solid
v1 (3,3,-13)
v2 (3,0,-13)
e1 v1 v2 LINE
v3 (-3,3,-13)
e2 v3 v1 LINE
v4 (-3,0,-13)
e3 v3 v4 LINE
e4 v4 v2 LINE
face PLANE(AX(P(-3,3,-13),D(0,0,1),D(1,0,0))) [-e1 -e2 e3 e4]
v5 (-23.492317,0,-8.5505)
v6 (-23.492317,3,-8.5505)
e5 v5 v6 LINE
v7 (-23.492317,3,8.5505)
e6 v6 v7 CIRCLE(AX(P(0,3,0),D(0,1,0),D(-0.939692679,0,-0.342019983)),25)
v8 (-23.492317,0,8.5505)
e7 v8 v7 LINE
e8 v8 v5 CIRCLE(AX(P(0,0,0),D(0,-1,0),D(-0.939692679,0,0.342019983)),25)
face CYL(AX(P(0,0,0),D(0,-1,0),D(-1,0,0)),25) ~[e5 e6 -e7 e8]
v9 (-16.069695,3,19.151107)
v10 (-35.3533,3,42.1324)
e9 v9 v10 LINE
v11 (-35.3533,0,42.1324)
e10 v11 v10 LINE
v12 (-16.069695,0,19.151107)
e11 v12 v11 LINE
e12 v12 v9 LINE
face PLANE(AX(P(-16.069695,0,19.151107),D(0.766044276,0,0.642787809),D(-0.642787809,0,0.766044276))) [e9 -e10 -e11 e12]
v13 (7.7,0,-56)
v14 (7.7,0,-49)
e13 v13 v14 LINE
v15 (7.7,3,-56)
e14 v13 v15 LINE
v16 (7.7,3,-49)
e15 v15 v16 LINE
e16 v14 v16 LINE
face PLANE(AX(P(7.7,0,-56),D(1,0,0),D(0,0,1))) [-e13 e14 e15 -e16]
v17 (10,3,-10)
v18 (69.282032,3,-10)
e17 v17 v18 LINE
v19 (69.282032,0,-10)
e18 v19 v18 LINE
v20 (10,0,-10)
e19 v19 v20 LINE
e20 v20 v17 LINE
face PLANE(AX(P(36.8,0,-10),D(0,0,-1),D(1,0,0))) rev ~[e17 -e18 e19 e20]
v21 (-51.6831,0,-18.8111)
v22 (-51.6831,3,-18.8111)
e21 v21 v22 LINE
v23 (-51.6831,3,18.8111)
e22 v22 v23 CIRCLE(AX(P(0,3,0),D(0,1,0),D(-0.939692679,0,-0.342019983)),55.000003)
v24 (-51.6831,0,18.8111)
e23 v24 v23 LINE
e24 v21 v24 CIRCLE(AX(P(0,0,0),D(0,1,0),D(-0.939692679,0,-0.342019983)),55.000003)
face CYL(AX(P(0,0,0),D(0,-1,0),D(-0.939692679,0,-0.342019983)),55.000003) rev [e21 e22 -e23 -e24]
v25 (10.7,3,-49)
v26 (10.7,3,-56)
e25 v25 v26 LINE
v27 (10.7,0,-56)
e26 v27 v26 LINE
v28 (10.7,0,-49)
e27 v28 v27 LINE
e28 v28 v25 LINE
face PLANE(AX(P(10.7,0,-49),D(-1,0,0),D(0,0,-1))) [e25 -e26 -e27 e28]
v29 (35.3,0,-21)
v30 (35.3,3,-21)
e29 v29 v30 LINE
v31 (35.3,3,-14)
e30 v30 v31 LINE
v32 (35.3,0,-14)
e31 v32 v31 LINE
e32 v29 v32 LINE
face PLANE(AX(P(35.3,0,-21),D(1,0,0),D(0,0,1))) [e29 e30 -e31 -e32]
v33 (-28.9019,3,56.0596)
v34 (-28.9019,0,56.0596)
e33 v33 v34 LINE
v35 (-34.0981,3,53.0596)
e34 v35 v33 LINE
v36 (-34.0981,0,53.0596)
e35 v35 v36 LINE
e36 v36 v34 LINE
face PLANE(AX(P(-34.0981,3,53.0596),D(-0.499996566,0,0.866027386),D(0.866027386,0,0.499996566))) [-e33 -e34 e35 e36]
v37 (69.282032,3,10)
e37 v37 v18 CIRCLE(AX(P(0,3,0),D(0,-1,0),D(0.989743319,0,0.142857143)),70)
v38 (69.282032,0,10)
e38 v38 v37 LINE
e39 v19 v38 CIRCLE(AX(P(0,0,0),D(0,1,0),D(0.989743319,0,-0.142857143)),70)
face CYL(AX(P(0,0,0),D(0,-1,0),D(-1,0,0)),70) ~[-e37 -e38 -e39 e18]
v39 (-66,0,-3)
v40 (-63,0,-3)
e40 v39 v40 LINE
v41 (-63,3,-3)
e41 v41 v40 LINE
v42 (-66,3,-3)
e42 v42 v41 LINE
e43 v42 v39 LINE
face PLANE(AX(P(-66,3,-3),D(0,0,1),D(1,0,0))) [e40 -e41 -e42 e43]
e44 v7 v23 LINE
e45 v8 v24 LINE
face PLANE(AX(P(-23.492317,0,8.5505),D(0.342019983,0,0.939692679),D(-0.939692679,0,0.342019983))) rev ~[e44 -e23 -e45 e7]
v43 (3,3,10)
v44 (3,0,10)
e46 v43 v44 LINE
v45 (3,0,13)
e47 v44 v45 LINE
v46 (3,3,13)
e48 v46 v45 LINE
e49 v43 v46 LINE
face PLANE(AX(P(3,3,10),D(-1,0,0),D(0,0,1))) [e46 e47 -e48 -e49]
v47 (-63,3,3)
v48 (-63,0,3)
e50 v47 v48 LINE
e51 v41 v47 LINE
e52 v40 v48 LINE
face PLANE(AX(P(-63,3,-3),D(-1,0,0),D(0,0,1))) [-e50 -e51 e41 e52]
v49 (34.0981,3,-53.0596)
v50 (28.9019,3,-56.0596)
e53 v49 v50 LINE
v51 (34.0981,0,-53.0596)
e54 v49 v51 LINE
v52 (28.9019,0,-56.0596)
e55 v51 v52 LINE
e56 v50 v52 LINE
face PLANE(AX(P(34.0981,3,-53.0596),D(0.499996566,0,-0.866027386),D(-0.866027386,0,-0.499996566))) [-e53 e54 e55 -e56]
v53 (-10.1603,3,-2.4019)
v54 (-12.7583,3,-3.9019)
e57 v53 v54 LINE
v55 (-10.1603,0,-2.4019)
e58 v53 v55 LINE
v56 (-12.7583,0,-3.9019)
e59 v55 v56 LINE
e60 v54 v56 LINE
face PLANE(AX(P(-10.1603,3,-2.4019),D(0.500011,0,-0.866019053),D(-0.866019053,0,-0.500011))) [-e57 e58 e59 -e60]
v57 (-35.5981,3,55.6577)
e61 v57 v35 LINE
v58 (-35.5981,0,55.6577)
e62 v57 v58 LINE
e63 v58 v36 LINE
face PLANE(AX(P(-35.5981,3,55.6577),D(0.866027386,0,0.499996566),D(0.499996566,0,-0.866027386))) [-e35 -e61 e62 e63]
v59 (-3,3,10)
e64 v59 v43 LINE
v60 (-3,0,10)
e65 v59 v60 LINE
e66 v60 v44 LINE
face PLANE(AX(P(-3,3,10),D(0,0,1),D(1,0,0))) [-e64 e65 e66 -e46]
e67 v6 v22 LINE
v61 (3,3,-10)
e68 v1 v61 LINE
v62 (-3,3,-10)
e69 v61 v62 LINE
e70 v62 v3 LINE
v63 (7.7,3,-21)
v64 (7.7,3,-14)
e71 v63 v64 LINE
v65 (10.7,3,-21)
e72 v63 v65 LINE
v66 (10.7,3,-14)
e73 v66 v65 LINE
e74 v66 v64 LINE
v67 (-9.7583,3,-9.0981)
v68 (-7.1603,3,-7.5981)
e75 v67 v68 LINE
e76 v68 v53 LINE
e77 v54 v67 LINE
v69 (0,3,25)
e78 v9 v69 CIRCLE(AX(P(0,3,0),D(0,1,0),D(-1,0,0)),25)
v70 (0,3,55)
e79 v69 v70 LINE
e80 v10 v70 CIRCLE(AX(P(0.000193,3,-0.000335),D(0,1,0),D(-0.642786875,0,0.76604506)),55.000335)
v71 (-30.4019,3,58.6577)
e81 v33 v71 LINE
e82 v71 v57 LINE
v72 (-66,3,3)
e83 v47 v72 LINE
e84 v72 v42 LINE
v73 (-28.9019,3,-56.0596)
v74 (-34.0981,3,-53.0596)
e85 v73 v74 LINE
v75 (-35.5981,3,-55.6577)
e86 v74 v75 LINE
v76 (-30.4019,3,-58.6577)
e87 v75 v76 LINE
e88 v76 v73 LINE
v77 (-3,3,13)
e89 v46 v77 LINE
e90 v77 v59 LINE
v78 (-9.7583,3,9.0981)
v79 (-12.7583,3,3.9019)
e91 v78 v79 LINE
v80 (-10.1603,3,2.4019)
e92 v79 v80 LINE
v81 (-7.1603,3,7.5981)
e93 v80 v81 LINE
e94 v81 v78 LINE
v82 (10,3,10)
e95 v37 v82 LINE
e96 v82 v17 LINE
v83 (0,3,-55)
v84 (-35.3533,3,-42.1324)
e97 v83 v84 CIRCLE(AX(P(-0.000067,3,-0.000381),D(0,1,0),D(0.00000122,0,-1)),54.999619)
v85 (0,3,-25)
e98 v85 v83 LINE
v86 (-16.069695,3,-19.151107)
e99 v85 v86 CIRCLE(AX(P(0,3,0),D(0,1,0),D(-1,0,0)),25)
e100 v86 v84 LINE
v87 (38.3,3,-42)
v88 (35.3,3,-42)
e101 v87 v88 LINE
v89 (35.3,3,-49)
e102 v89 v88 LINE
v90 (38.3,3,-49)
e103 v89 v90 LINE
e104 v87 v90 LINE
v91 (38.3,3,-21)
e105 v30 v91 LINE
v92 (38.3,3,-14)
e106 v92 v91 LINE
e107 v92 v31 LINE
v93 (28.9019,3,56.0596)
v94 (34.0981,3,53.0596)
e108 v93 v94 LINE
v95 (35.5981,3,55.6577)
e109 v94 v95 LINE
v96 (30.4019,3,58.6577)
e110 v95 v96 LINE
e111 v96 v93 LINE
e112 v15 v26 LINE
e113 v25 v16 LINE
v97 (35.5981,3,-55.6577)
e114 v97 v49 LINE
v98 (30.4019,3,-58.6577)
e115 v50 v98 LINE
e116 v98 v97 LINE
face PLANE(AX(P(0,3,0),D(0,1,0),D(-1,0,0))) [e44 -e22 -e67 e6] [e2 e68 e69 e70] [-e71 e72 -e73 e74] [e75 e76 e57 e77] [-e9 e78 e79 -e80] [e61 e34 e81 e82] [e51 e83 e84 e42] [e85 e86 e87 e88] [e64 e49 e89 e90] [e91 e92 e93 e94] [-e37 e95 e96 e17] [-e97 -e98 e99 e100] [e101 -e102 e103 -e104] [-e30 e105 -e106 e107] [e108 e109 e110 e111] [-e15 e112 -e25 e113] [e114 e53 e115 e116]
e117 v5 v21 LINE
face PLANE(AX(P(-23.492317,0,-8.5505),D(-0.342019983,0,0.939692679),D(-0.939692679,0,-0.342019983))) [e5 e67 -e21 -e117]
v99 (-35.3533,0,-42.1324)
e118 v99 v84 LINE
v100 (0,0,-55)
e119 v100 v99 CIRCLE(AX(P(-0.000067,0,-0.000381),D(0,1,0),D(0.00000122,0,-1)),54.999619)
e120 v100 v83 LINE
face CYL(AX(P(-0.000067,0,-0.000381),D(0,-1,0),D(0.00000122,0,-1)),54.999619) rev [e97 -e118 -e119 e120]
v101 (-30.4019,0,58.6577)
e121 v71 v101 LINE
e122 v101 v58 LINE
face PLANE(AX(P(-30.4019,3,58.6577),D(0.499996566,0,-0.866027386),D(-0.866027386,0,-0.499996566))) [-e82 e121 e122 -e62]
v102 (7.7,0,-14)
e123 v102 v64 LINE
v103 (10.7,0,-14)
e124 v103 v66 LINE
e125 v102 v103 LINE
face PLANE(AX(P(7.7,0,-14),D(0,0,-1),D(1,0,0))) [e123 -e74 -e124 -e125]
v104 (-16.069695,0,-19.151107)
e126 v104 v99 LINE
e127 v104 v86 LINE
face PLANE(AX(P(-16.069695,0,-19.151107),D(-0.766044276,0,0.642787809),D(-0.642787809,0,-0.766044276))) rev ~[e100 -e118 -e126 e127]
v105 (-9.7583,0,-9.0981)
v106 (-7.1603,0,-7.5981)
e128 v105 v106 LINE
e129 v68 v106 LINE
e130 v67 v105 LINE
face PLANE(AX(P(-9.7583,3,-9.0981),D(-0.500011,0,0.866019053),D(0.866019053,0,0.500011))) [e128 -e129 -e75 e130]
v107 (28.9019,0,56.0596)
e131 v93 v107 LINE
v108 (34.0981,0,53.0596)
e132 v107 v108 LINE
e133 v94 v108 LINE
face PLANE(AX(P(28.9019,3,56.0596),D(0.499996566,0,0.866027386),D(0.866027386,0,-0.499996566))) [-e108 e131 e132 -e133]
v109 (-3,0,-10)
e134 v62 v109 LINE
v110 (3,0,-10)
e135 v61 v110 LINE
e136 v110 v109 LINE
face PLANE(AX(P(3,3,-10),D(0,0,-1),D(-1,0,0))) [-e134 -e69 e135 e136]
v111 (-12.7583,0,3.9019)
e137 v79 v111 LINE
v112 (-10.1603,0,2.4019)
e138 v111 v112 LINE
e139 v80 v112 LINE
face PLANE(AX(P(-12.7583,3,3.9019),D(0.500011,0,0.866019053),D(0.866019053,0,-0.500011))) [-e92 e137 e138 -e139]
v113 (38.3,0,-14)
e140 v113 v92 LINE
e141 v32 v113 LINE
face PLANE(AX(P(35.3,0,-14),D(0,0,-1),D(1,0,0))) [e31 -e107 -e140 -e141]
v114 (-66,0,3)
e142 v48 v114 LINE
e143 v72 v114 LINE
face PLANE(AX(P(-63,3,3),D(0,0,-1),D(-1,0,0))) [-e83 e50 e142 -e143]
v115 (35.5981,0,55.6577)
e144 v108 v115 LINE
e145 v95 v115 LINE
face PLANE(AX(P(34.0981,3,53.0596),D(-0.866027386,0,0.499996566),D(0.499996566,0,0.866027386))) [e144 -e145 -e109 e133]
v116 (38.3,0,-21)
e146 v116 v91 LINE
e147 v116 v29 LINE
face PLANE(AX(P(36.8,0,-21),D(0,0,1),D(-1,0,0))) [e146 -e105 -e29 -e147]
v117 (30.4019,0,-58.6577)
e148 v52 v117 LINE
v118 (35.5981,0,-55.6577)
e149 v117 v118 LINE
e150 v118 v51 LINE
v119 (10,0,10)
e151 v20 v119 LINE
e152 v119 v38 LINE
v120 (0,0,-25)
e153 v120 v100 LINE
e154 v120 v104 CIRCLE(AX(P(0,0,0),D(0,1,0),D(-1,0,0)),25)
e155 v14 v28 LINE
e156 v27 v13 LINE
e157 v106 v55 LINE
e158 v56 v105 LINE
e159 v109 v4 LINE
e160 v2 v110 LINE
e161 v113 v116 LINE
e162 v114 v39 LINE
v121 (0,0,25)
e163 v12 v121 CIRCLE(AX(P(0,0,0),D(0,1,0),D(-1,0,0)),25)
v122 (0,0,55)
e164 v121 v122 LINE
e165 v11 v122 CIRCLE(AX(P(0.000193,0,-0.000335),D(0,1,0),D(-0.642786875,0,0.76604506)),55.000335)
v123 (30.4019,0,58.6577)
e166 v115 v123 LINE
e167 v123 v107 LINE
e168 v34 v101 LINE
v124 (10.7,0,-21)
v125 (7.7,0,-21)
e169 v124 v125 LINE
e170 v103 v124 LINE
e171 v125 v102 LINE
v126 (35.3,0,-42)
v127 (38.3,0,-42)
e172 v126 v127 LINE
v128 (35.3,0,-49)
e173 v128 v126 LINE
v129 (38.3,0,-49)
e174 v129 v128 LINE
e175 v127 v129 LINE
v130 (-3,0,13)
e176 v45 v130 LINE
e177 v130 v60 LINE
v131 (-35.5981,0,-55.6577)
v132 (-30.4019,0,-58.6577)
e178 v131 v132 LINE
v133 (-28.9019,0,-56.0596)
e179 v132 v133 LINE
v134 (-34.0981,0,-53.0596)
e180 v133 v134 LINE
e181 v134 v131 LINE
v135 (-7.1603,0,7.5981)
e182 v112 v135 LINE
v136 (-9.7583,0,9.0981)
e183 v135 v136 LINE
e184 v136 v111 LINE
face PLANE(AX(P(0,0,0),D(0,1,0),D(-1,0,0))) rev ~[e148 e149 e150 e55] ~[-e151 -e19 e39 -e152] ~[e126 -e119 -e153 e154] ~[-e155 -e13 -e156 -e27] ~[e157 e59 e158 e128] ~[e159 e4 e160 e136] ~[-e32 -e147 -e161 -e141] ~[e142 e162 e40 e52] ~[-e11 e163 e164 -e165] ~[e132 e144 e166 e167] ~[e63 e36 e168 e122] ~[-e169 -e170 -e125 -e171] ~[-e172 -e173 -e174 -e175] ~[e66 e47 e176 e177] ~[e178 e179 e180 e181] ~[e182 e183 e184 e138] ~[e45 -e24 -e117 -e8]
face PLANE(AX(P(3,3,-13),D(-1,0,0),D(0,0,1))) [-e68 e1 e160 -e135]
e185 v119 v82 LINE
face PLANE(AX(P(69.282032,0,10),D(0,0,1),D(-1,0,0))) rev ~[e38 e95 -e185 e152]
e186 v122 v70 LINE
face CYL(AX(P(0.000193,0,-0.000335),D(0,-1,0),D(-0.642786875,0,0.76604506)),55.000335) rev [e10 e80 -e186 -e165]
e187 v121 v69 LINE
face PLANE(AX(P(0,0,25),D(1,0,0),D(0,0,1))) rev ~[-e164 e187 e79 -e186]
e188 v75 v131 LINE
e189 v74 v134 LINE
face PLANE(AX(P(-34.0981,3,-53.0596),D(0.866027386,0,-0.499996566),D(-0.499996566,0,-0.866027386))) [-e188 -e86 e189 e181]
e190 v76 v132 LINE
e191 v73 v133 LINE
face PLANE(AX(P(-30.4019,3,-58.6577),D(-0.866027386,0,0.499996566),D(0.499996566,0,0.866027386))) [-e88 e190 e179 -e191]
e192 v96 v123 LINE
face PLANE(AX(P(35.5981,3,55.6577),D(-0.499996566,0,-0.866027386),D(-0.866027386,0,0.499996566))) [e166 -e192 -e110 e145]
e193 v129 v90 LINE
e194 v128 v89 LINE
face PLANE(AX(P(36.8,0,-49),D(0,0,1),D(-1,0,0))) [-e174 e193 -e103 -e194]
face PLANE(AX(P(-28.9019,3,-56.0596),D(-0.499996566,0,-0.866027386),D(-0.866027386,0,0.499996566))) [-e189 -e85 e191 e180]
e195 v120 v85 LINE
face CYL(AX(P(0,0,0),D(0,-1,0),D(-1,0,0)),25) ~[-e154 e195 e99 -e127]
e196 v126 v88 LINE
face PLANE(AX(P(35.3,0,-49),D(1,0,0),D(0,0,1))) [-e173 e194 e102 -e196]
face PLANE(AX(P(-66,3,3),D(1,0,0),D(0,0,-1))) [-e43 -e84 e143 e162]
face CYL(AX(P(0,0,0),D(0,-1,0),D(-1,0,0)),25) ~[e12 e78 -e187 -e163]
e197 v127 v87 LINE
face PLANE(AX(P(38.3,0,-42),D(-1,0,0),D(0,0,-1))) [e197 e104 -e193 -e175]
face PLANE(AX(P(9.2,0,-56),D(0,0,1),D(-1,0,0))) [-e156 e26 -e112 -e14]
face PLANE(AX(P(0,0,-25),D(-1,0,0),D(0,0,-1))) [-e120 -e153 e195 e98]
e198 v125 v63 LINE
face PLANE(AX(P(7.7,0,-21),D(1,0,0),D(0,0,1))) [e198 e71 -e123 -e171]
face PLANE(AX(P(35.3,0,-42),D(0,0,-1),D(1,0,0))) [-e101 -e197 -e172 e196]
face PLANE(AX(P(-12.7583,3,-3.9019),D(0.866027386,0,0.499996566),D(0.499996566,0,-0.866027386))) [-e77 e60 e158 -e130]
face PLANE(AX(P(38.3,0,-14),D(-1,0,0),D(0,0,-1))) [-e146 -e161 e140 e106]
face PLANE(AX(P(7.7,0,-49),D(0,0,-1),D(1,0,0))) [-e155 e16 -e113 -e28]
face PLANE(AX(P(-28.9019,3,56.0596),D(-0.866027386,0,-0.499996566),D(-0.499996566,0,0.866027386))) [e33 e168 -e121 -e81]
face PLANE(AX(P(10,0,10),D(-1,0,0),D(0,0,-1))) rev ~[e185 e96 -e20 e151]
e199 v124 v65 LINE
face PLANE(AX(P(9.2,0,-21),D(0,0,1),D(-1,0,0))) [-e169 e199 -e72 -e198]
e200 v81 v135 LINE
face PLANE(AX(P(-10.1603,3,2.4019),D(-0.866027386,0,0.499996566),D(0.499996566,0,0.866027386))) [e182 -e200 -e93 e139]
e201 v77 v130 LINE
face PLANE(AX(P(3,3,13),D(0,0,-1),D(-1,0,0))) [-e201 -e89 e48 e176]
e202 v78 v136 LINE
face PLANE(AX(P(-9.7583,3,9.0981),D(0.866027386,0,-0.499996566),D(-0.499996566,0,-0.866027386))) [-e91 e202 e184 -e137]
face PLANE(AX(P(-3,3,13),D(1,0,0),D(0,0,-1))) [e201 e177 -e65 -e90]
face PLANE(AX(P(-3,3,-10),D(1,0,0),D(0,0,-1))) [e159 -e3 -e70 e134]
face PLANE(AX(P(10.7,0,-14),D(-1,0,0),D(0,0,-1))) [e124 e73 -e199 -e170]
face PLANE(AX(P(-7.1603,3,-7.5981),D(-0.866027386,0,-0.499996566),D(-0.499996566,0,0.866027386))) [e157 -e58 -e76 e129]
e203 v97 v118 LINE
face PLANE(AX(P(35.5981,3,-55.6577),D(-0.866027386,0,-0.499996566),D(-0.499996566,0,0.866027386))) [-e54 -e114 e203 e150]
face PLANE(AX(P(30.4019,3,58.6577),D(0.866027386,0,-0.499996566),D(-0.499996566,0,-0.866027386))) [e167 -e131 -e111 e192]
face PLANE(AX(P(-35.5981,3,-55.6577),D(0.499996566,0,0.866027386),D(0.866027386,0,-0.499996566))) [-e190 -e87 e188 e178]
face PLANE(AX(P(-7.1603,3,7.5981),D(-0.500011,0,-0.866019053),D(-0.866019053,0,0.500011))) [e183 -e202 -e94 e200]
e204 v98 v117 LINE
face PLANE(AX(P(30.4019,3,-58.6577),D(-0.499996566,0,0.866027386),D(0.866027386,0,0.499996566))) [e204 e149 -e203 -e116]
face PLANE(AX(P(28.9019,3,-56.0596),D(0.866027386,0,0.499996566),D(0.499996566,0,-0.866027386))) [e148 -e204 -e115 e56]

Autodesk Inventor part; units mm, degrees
ref_plane "YZ Plane" through (0, 0, 0) normal (1, 0, 0) x (0, 1, 0)
ref_plane "XZ Plane" through (0, 0, 0) normal (0, 1, 0) x (-1, 0, 0)
ref_plane "XY Plane" through (0, 0, 0) normal (0, 0, 1) x (1, 0, 0)
sketch "草圖1" plane through (0, 0, 0) normal (0, 1, 0) x (-1, 0, 0)
  circle A0 centre (0, 0) radius 70
  circle A1 centre (0, 0) radius 25
  line L0 (-70, 10) -> (-10, 10)
  line L1 (-10, 10) -> (-10, -10)
  line L2 (-10, -10) -> (-70, -10)
  line L3 (-70, -10) -> (-70, 10)
  line L4 (0, 0) -> (0, -55)
  line L5 (0, 0) -> (35.3533, -42.1324)
  arc A2 (0, -55) -> (35.3533, -42.1324) centre (0, 0) ccw
  line L6 (0, 0) -> (51.6831, -18.8111)
  line L7 (0, 0) -> (51.6831, 18.8111)
  arc A3 (51.6831, -18.8111) -> (51.6831, 18.8111) centre (0, 0) ccw
  line L8 (0, 0) -> (35.3533, 42.1324)
  line L9 (0, 0) -> (0, 55)
  arc A4 (35.3533, 42.1324) -> (0, 55) centre (0, 0) ccw
  line L10 (-9.2, -7) -> (-36.8, -7)
  line L11 (-36.8, -7) -> (-36.8, -63)
  line L12 (-36.8, -63) -> (-9.2, -63)
  line L13 (-9.2, -63) -> (-9.2, -7)
  line L14 (-7.7, -14) -> (-10.7, -14)
  line L15 (-10.7, -14) -> (-10.7, -21)
  line L16 (-10.7, -21) -> (-7.7, -21)
  line L17 (-7.7, -21) -> (-7.7, -14)
  line L18 (-7.7, -49) -> (-10.7, -49)
  line L19 (-10.7, -49) -> (-10.7, -56)
  line L20 (-10.7, -56) -> (-7.7, -56)
  line L21 (-7.7, -56) -> (-7.7, -49)
  line L22 (-35.3, -14) -> (-38.3, -14)
  line L23 (-38.3, -14) -> (-38.3, -21)
  line L24 (-38.3, -21) -> (-35.3, -21)
  line L25 (-35.3, -21) -> (-35.3, -14)
  line L26 (-35.3, -42) -> (-38.3, -42)
  line L27 (-38.3, -42) -> (-38.3, -49)
  line L28 (-38.3, -49) -> (-35.3, -49)
  line L29 (-35.3, -49) -> (-35.3, -42)
  circle A5 centre (0, 0) radius 2
  line L30 (-1.5, 1.3229) -> (-1.5, -1.3229)
  point P0 (-23, -10)
  point P1 (-9.2, -14)
  point P2 (-9.2, -56)
  point P3 (-36.8, -14)
  point P4 (-36.8, -42)
  point P5 (16.0697, -19.1511)
  point P6 (0, -25)
  point P7 (-69.282, 10)
  point P8 (-69.282, -10)
  point P9 (16.0697, 19.1511)
  point P10 (0, 25)
  point P11 (23.4923, -8.5505)
  point P12 (23.4923, 8.5505)
  point P13 (-70, 0)
  point P14 (-10, 0)
  point P15 (-23, -7)
  dimension "d0" = 140
  dimension "d1" = 50
  dimension "d2" = 20
  dimension "d3" = 60
  dimension "d4" = 55
  dimension "d5" = 40
  dimension "d6" = 55
  dimension "d9" = 140
  dimension "d12" = 27.6
  dimension "d13" = 56
  dimension "d14" = 7
  dimension "d15" = 3
  dimension "d16" = 7
  dimension "d17" = 7
  dimension "d18" = 3
  dimension "d19" = 7
  dimension "d20" = 7
  dimension "d21" = 3
  dimension "d22" = 7
  dimension "d23" = 7
  dimension "d24" = 3
  dimension "d25" = 21
  dimension "d28" = 4
  dimension "d29" = 1.5
  dimension "d30" = 17
  dimension "d31" = 17
  dimension "d32" = 13
extrude "擠出1" add sketch "草圖1" along normal blind 3 contours A0 L12 L13 L20 L21 L18 A1 L4 A2 L5 L6 A3 L7 L8 A4 L9 L0 | A0 L11 L28 L29 L26 L24 L25 L22 L2 A1 L13 L18 L19 L20 L12 | A1 L9 A5 L4 L13 L16 L17 L14 L10 L1 L0 | A0 L2 L11 L22 L23 L24 L26 L27 L28 | A1 L8 A5 L9 | A1 L7 A5 L8 | A5 L8 L9 | L9 L4 A5 L30 | L2 L1 L10 L13 L14 L15 L16 A1 | A1 L6 A5 L7 | A5 L7 L8 | L5 A5 L4 | L6 A5 L5 | L7 A5 L6 | L30 A5 | A5 L5 A1 L4 | A5 L6 A1 L5
sketch "草圖2" plane through (0, 3, 0) normal (0, 1, 0) x (1, 0, 0)
  line L0 (-66, 3) -> (-63, 3)
  line L1 (-63, 3) -> (-63, -3)
  line L2 (-63, -3) -> (-66, -3)
  line L3 (-66, -3) -> (-66, 3)
  line L4 (-35.5981, -55.6577) -> (-34.0981, -53.0596)
  line L5 (-34.0981, -53.0596) -> (-28.9019, -56.0596)
  line L6 (-28.9019, -56.0596) -> (-30.4019, -58.6577)
  line L7 (-30.4019, -58.6577) -> (-35.5981, -55.6577)
  line L8 (30.4019, -58.6577) -> (28.9019, -56.0596)
  line L9 (28.9019, -56.0596) -> (34.0981, -53.0596)
  line L10 (34.0981, -53.0596) -> (35.5981, -55.6577)
  line L11 (35.5981, -55.6577) -> (30.4019, -58.6577)
  line L12 (66, -3) -> (63, -3)
  line L13 (63, -3) -> (63, 3)
  line L14 (63, 3) -> (66, 3)
  line L15 (66, 3) -> (66, -3)
  line L16 (35.5981, 55.6577) -> (34.0981, 53.0596)
  line L17 (34.0981, 53.0596) -> (28.9019, 56.0596)
  line L18 (28.9019, 56.0596) -> (30.4019, 58.6577)
  line L19 (30.4019, 58.6577) -> (35.5981, 55.6577)
  line L20 (-30.4019, 58.6577) -> (-28.9019, 56.0596)
  line L21 (-28.9019, 56.0596) -> (-34.0981, 53.0596)
  line L22 (-34.0981, 53.0596) -> (-35.5981, 55.6577)
  line L23 (-35.5981, 55.6577) -> (-30.4019, 58.6577)
  line L24 (-3, 13) -> (3, 13)
  line L25 (3, 13) -> (3, 10)
  line L26 (3, 10) -> (-3, 10)
  line L27 (-3, 10) -> (-3, 13)
  line L28 (-10.1603, 2.4019) -> (-12.7583, 3.9019)
  line L29 (-7.1603, 7.5981) -> (-10.1603, 2.4019)
  line L30 (-9.7583, 9.0981) -> (-7.1603, 7.5981)
  line L31 (-12.7583, 3.9019) -> (-9.7583, 9.0981)
  line L32 (-7.1603, -7.5981) -> (-9.7583, -9.0981)
  line L33 (-10.1603, -2.4019) -> (-7.1603, -7.5981)
  line L34 (-12.7583, -3.9019) -> (-10.1603, -2.4019)
  line L35 (-9.7583, -9.0981) -> (-12.7583, -3.9019)
  line L36 (3, -10) -> (3, -13)
  line L37 (-3, -10) -> (3, -10)
  line L38 (-3, -13) -> (-3, -10)
  line L39 (3, -13) -> (-3, -13)
  point P0 (0, 0)
  point P1 (-63, 0)
  point P2 (-31.5, -54.5596)
  point P3 (31.5, -54.5596)
  point P4 (63, 0)
  point P5 (31.5, 54.5596)
  point P6 (-31.5, 54.5596)
  point P7 (0, 10)
  point P8 (-8.6603, 5)
  point P9 (-8.6603, -5)
  point P10 (0, -10)
  dimension "d33" = 3
  dimension "d34" = 6
  dimension "d35" = 63
  dimension "d40" = 360
  dimension "d42" = 6
  dimension "d43" = 3
  dimension "d44" = 10
  dimension "d47" = 180
extrude "擠出2" cut sketch "草圖2" against normal through all contours L0 L1 L2 L3 | L4 L5 L6 L7 | L8 L9 L10 L11 | L16 L17 L18 L19 | L20 L21 L22 L23 | L24 L25 L26 L27 | L28 L31 L30 L29 | L32 L35 L34 L33 | L36 L39 L38 L37
properties part number "rolling_plate_top"
